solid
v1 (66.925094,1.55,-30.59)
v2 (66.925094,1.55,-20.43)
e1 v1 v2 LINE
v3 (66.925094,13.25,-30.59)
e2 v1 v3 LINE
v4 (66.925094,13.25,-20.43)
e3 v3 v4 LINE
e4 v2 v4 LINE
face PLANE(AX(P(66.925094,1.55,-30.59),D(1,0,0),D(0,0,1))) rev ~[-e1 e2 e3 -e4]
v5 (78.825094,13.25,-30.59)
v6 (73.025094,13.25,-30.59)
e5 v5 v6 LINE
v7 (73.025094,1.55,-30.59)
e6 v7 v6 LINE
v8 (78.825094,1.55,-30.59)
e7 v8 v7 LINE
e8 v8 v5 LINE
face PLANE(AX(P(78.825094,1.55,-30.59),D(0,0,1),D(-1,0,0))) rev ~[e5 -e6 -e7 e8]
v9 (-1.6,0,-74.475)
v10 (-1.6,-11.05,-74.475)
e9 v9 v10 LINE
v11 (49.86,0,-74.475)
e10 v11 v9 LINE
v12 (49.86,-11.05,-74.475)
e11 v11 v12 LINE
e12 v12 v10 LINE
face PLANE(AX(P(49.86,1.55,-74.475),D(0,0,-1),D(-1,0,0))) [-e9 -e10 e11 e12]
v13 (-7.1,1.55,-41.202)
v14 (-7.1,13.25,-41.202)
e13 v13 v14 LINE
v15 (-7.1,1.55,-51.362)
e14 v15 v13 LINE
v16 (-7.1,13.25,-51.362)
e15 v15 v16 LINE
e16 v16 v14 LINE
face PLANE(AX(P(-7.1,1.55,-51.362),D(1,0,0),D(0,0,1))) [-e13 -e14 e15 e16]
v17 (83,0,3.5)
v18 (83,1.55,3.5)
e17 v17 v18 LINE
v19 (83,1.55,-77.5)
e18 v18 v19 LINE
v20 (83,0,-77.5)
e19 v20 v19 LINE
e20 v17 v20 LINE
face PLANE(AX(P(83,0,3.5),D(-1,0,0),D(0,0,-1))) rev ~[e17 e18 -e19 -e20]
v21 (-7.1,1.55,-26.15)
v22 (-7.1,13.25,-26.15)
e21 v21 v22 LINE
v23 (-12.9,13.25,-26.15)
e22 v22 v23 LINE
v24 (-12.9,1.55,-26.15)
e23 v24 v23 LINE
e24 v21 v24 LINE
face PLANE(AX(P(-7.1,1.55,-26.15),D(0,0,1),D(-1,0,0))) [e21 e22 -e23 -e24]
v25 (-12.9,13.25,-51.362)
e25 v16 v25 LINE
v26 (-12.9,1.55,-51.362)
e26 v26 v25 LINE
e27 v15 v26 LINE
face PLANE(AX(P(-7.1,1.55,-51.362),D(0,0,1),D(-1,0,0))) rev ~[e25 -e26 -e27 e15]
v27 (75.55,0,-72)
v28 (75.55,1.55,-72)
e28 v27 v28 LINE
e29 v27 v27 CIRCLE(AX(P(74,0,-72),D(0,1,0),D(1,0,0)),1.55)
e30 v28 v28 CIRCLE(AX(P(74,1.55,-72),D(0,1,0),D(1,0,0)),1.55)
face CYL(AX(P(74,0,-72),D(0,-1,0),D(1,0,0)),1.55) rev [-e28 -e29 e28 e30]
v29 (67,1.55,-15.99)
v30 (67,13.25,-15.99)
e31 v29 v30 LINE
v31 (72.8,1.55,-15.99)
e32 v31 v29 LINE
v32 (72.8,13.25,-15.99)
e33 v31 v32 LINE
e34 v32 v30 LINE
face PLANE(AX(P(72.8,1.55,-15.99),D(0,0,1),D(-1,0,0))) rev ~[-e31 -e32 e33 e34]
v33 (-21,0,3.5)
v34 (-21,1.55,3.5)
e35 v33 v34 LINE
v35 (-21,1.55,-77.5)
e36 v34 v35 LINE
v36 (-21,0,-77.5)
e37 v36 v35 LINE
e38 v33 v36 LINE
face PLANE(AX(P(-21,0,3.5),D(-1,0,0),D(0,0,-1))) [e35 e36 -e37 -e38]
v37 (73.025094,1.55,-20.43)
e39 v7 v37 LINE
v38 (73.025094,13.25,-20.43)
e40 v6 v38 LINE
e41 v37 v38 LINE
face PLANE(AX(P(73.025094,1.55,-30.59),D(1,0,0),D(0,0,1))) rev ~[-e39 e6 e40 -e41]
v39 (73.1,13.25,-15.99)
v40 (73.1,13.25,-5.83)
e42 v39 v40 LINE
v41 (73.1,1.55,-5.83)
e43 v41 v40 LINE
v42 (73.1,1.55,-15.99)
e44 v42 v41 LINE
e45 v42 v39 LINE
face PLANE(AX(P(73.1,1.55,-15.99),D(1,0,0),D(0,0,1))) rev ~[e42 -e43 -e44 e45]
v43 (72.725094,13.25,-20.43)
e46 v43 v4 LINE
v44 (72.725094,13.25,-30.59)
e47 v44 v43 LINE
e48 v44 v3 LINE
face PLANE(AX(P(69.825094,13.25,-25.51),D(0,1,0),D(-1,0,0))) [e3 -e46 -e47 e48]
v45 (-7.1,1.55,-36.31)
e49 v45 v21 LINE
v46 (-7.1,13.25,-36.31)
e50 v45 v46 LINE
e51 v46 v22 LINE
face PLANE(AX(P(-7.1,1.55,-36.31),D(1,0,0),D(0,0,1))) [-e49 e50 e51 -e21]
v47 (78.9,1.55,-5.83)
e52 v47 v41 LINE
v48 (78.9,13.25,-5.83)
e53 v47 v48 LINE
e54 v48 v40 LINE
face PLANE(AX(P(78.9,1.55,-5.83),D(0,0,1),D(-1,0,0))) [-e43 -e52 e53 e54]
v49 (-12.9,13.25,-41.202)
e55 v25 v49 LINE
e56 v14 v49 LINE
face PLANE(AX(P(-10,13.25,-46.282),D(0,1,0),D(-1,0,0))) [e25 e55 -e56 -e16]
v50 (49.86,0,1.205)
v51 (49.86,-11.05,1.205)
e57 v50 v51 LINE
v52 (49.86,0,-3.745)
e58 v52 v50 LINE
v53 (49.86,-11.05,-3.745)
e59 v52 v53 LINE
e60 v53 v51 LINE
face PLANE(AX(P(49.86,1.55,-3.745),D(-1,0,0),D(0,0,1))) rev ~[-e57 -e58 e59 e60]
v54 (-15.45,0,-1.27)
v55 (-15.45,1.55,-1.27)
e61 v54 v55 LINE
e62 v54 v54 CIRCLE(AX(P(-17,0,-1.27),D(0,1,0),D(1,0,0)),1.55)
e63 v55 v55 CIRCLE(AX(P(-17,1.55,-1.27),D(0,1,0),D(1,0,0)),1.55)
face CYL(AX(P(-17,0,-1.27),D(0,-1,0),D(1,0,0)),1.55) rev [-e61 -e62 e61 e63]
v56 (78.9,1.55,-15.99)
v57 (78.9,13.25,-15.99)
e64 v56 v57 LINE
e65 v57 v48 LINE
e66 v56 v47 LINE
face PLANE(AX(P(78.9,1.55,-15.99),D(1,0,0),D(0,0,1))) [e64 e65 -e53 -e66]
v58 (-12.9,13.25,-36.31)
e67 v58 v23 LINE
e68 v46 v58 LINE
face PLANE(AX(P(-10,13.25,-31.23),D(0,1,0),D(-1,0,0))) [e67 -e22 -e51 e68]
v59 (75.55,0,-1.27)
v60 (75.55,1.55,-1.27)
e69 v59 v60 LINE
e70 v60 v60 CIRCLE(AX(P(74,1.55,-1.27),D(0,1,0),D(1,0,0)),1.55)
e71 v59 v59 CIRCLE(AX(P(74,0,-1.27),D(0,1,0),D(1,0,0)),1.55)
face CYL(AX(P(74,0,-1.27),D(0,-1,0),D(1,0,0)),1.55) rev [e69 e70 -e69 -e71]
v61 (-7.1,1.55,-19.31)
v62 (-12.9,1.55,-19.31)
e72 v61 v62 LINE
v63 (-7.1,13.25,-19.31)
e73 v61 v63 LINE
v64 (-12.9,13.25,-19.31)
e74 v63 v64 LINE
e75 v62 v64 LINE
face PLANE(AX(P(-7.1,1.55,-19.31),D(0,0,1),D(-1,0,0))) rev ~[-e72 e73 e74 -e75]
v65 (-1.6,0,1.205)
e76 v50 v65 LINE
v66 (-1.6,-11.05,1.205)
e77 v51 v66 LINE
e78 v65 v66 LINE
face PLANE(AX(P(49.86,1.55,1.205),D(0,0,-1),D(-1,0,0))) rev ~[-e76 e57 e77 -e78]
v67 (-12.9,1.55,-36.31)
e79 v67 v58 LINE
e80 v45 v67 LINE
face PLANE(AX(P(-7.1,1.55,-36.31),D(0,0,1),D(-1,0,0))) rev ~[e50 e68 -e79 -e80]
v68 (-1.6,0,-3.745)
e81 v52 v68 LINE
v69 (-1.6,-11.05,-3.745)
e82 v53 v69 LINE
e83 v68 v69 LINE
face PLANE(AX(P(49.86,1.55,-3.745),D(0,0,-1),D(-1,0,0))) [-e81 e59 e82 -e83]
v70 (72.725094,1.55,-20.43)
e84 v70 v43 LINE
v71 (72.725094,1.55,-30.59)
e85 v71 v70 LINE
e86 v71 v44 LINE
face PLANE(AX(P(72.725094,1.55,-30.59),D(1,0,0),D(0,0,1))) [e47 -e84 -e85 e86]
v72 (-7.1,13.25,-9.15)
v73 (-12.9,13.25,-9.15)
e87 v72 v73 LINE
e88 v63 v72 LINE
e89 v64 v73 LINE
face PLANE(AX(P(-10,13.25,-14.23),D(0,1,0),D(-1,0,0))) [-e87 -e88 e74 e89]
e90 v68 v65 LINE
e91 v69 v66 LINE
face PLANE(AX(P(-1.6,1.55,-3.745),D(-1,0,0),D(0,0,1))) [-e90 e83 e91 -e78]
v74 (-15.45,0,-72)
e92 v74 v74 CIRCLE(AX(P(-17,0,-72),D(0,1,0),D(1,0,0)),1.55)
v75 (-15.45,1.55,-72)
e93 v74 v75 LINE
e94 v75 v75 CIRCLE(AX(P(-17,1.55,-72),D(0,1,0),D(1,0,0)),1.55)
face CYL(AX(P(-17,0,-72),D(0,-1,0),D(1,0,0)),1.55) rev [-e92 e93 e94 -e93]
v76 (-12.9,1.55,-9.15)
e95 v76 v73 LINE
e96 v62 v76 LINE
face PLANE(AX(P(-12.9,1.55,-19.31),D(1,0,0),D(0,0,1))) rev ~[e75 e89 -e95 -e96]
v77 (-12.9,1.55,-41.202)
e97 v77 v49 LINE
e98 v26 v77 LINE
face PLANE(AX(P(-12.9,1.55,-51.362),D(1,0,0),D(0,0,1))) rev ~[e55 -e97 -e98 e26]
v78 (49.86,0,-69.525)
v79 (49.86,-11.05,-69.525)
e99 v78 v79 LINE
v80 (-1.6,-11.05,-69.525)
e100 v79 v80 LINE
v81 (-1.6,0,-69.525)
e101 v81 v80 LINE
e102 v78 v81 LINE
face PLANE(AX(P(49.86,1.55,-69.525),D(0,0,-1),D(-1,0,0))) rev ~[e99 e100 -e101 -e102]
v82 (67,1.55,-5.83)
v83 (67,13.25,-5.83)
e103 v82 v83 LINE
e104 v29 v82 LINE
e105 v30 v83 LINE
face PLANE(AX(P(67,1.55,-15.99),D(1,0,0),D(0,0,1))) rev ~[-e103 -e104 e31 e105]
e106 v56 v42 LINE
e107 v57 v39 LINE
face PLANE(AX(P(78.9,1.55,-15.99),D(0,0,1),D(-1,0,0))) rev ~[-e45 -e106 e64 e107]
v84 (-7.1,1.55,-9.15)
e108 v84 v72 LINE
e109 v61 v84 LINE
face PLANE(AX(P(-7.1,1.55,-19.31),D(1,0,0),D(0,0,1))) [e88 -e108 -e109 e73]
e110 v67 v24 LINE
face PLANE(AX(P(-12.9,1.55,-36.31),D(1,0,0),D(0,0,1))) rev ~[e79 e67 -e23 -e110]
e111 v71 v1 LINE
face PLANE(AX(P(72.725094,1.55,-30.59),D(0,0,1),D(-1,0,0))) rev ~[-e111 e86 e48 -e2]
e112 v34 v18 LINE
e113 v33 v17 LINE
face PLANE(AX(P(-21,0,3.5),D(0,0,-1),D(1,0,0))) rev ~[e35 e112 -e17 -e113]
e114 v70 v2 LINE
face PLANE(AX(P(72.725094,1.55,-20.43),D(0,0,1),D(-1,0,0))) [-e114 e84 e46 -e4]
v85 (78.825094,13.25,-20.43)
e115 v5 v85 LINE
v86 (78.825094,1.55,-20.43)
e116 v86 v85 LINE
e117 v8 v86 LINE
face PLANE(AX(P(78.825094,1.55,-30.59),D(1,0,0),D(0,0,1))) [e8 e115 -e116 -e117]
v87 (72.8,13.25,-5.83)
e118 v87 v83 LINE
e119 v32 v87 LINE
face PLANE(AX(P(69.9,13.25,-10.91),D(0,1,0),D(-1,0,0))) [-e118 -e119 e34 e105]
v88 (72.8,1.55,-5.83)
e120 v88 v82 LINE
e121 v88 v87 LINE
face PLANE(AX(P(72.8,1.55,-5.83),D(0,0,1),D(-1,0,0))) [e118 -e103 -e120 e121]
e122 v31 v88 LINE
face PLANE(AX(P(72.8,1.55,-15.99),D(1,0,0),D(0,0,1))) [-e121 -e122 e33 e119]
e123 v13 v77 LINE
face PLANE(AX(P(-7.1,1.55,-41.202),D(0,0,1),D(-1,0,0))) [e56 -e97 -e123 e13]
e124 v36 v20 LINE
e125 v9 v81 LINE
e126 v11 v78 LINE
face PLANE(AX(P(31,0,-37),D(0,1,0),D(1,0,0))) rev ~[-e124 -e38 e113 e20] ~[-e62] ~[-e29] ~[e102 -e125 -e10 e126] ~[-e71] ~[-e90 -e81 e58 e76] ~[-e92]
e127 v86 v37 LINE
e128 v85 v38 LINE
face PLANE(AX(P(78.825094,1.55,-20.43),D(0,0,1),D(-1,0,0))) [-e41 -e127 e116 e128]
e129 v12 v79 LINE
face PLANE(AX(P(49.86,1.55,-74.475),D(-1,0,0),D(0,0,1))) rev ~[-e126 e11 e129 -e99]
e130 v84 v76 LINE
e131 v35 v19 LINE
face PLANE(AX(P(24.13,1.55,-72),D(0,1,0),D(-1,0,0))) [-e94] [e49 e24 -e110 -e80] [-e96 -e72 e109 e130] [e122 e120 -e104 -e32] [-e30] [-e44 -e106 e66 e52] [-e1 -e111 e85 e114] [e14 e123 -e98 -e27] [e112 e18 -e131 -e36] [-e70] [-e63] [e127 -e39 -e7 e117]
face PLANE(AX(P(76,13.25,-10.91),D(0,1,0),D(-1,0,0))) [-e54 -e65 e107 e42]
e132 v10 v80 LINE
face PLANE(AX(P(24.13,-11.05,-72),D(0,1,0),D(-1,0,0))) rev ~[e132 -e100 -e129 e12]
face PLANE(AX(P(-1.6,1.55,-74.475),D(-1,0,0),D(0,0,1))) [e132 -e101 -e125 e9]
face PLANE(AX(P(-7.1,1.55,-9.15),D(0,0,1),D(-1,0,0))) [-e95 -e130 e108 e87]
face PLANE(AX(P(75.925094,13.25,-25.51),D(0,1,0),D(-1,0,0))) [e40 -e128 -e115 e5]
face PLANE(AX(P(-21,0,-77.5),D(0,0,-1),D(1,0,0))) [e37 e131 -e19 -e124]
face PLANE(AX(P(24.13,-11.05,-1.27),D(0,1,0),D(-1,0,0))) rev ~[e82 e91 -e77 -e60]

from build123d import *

# Parameters (mm, degrees)
ESQUISSE1_W      = 104
ESQUISSE1_H      = 81
ESQUISSE1_R      = 1.55
EXTRUSION2_DEPTH = 1.55
ESQUISSE2_W      = 51.46
ESQUISSE2_H      = 4.95
EXTRUSION3_DEPTH = 12.6
ESQUISSE3_W      = 5.8
ESQUISSE3_H      = 10.16
EXTRUSION4_DEPTH = 11.7
ESQUISSE4_W      = 5.8
ESQUISSE4_H      = 10.16
EXTRUSION5_DEPTH = 11.7


with BuildPart() as part:
    # Esquisse1 → Extrusion2 (new body)
    with BuildSketch(Plane(origin=(0, 0, 0), x_dir=(1, 0, 0), z_dir=(0, 1, 0))):
        with Locations((31, 37)):
            Rectangle(ESQUISSE1_W, ESQUISSE1_H)
        with Locations((-17, 1.27)):
            Circle(ESQUISSE1_R, mode=Mode.SUBTRACT)
        with Locations((-17, 72)):
            Circle(ESQUISSE1_R, mode=Mode.SUBTRACT)
        with Locations((74, 72)):
            Circle(ESQUISSE1_R, mode=Mode.SUBTRACT)
        with Locations((74, 1.27)):
            Circle(ESQUISSE1_R, mode=Mode.SUBTRACT)
    extrude(amount=EXTRUSION2_DEPTH)

    # Esquisse2 → Extrusion3 (add)
    with BuildSketch(Plane(origin=(0, 1.55, 0), x_dir=(-1, 0, 0), z_dir=(0, 1, 0))):
        with Locations((-24.13, -72)):
            Rectangle(ESQUISSE2_W, ESQUISSE2_H)
        with Locations((-24.13, -1.27)):
            Rectangle(ESQUISSE2_W, ESQUISSE2_H)
    extrude(amount=-EXTRUSION3_DEPTH)

    # Esquisse3 → Extrusion4 (add)
    with BuildSketch(Plane(origin=(0, 1.55, 0), x_dir=(-1, 0, 0), z_dir=(0, 1, 0))):
        with Locations((10, -31.23)):
            Rectangle(ESQUISSE3_W, ESQUISSE3_H)
        with Locations((10, -14.23)):
            Rectangle(ESQUISSE3_W, ESQUISSE3_H)
        with Locations((10, -46.282)):
            Rectangle(ESQUISSE3_W, ESQUISSE3_H)
    extrude(amount=EXTRUSION4_DEPTH)

    # Esquisse4 → Extrusion5 (add)
    with BuildSketch(Plane(origin=(0, 1.55, 0), x_dir=(-1, 0, 0), z_dir=(0, 1, 0))):
        with Locations((-69.9, -10.91)):
            Rectangle(ESQUISSE4_W, ESQUISSE4_H)
        with Locations((-76, -10.91)):
            Rectangle(ESQUISSE4_W, ESQUISSE4_H)
        with Locations((-69.825093766, -25.51)):
            Rectangle(ESQUISSE4_W, ESQUISSE4_H)
        with Locations((-75.925093766, -25.51)):
            Rectangle(ESQUISSE4_W, ESQUISSE4_H)
    extrude(amount=EXTRUSION5_DEPTH)


solid = part.part
